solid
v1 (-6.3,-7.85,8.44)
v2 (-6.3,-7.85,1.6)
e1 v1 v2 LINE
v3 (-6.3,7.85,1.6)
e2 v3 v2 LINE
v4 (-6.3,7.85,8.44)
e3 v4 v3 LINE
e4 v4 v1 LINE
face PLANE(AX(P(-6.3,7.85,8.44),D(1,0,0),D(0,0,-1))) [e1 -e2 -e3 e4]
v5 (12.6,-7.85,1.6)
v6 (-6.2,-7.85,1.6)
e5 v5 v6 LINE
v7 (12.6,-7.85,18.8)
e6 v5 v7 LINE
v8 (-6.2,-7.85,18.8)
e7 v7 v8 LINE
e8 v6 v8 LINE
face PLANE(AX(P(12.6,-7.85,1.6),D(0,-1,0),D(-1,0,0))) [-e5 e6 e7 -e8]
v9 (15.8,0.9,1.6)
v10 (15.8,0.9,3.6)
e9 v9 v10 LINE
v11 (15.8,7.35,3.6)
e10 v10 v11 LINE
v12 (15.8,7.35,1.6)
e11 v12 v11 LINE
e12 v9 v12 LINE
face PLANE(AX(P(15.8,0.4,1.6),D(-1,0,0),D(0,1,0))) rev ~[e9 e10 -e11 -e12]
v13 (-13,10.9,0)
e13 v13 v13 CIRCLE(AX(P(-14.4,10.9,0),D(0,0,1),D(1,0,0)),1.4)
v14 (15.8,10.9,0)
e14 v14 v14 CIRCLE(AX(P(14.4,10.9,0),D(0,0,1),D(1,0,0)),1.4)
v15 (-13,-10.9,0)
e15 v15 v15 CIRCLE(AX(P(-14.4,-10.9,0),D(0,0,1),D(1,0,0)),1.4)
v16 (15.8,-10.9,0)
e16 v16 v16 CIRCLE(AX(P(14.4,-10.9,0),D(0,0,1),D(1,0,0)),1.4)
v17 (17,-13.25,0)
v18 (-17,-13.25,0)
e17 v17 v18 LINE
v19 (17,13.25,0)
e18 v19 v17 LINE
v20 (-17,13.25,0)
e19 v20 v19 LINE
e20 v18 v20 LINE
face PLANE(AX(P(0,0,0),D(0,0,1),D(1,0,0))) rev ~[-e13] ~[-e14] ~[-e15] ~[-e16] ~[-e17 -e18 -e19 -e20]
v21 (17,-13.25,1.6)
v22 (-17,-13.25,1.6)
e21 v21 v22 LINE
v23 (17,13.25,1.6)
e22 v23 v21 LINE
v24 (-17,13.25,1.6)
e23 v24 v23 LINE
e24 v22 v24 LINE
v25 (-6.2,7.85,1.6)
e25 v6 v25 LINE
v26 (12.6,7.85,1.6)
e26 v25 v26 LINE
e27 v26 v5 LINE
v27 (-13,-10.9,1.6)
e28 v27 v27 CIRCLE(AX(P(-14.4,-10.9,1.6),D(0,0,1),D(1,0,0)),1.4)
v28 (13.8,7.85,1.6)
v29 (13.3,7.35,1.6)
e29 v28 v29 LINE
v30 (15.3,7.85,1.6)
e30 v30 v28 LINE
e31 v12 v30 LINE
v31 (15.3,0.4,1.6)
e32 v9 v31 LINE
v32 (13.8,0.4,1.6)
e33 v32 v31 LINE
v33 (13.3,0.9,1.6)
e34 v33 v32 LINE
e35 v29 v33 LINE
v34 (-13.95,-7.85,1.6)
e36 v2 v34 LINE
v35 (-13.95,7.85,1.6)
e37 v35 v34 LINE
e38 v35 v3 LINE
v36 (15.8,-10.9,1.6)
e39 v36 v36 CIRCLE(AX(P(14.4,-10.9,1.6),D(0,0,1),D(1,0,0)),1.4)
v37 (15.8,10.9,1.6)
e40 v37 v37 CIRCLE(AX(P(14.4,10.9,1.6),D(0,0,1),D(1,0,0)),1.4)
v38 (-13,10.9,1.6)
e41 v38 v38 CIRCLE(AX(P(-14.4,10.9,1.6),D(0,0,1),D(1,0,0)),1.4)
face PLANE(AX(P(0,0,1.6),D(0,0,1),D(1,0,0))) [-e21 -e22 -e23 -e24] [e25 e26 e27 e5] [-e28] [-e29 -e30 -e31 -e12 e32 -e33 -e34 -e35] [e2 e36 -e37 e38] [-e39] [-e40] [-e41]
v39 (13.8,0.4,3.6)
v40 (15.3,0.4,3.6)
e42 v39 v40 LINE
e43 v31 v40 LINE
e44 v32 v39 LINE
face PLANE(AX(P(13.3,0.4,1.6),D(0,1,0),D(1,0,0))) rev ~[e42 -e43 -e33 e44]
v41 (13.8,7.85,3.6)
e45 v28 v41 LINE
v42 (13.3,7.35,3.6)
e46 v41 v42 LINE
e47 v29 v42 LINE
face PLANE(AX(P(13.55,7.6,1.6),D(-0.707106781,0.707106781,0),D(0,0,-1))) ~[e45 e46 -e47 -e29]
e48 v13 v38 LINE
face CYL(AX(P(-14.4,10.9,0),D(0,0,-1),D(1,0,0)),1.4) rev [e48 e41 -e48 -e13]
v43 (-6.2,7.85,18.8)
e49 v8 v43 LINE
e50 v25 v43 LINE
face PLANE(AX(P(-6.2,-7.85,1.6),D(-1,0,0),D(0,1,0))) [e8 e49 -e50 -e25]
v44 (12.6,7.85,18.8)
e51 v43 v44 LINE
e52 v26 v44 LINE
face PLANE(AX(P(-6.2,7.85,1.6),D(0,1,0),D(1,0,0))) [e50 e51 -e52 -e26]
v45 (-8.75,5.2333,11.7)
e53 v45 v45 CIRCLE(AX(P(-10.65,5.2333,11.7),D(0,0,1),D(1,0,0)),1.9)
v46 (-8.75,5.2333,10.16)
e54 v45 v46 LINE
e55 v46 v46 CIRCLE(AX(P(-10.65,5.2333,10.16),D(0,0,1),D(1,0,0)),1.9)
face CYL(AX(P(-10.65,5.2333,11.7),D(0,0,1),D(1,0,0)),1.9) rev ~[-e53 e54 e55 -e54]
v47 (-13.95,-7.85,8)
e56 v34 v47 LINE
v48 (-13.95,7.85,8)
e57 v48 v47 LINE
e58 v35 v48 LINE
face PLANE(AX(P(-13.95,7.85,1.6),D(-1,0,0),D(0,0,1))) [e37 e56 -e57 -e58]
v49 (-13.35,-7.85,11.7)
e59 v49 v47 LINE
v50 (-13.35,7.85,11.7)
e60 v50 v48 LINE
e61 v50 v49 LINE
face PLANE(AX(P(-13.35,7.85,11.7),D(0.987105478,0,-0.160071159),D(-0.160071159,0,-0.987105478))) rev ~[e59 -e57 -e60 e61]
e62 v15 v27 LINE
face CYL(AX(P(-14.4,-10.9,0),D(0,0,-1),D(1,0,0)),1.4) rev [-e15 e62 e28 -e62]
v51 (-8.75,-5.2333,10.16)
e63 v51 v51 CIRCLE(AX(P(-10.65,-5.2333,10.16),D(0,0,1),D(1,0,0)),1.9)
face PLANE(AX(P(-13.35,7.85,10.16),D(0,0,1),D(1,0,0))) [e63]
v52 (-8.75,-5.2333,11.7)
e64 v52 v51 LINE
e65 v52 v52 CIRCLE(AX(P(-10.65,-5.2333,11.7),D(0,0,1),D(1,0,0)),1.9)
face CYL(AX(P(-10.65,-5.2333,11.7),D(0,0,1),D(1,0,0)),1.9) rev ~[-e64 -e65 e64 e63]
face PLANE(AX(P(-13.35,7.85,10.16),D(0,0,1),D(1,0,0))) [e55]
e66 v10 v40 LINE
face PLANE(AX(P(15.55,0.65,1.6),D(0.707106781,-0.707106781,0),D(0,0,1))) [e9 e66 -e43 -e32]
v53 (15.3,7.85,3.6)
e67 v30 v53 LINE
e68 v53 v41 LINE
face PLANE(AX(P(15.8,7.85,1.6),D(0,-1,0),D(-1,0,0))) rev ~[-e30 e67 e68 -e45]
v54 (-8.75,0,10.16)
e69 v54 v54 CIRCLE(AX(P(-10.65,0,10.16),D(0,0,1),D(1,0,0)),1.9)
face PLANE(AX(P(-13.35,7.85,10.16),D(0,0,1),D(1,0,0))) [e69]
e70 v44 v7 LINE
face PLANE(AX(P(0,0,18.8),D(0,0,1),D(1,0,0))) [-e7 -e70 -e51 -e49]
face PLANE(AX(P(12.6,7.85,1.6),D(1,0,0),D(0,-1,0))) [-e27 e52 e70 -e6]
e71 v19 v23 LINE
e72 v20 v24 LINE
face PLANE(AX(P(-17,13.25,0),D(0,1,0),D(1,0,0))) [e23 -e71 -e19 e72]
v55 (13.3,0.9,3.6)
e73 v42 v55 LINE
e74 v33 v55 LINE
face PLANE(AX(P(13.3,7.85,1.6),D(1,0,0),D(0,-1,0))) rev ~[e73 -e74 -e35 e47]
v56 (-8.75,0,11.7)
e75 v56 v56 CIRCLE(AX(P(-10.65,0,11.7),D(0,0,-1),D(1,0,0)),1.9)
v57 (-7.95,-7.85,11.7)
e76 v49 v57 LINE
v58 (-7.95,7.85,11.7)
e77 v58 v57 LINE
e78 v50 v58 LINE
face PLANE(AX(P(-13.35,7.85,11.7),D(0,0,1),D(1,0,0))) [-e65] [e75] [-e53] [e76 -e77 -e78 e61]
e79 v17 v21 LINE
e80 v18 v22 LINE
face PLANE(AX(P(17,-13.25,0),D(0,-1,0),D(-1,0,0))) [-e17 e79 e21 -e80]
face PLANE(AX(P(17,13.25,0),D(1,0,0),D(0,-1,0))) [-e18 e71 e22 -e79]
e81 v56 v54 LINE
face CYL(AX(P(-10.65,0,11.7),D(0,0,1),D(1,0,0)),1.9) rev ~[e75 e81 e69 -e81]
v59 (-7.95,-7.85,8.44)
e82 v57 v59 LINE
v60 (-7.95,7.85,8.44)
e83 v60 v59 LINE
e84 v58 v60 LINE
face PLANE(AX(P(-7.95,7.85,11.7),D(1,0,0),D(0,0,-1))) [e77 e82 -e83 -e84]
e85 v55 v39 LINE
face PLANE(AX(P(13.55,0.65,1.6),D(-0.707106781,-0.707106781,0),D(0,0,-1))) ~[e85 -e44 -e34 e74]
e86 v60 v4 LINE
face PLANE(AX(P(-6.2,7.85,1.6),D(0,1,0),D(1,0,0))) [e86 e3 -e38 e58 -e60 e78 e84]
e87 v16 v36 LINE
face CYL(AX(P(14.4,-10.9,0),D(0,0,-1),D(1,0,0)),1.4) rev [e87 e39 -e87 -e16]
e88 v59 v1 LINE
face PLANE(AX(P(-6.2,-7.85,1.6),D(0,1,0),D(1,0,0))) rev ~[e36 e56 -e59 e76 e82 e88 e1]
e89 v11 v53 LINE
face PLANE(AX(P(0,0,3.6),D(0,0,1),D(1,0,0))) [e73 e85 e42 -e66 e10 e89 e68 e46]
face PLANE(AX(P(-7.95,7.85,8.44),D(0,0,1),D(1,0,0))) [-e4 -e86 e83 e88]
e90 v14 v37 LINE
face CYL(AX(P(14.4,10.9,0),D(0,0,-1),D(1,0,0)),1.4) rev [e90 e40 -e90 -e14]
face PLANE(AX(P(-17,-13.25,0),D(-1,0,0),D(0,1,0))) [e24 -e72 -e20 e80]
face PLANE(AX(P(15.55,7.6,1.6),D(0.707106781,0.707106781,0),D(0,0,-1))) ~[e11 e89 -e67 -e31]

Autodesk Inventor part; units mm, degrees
ref_plane "YZ Plane" through (0, 0, 0) normal (1, 0, 0) x (0, 1, 0)
ref_plane "XZ Plane" through (0, 0, 0) normal (0, 1, 0) x (-1, 0, 0)
ref_plane "XY Plane" through (0, 0, 0) normal (0, 0, 1) x (1, 0, 0)
sketch "스케치1" plane through (0, 0, 0) normal (0, 0, 1) x (1, 0, 0)
  line L0 (-17, 13.25) -> (17, 13.25)
  line L1 (17, 13.25) -> (17, -13.25)
  line L2 (17, -13.25) -> (-17, -13.25)
  line L3 (-17, -13.25) -> (-17, 13.25)
  line L4 (-17, 13.25) -> (17, -13.25) construction
  line L5 (17, 13.25) -> (-17, -13.25) construction
  circle A0 centre (14.4, 10.9) radius 1.4
  line L6 (0, 0) -> (4.1971, 0)
  line L7 (0, 0) -> (0, 5.4603)
  circle A1 centre (-14.4, 10.9) radius 1.4
  circle A2 centre (14.4, -10.9) radius 1.4
  circle A3 centre (-14.4, -10.9) radius 1.4
  dimension "d0" = 34
  dimension "d1" = 26.5
  dimension "d2" = 28.8
  dimension "d3" = 2.8
  dimension "d4" = 21.8
extrude "돌출1" add sketch "스케치1" along normal blind 1.6
sketch "스케치2" plane through (0, 0, 1.6) normal (0, 0, 1) x (1, 0, 0)
  line L0 (12.6, -7.85) -> (-6.2, -7.85)
  line L1 (-6.2, -7.85) -> (-6.2, 7.85)
  line L2 (-6.2, 7.85) -> (12.6, 7.85)
  line L3 (12.6, 7.85) -> (12.6, -7.85)
  line L4 (12.6, -7.85) -> (-6.2, 7.85) construction
  line L5 (-6.2, -7.85) -> (12.6, 7.85) construction
  line L6 (17, -13.25) -> (17, 13.25) projected
  point P0 (0, 0)
  point P1 (3.2, 0)
  dimension "d7" = 15.7
  dimension "d8" = 18.8
  dimension "d9" = 4.4
extrude "돌출2" add sketch "스케치2" along normal blind 17.2
sketch "스케치3" plane through (-6.2, 7.85, 1.6) normal (0, 1, 0) x (1, 0, 0)
  line L0 (0, 0) -> (18.8, 0) projected
  line L1 (0, 0) -> (-1.75, 0)
  line L2 (-1.75, 0) -> (-1.75, -6.84)
  line L3 (-1.75, -6.84) -> (0, -6.84)
  line L4 (0, -6.84) -> (0, 0)
  line L5 (-1.75, 0) -> (-7.75, 0)
  line L6 (-7.75, 0) -> (-7.75, -10.1)
  line L7 (-7.75, -10.1) -> (-1.75, -10.1)
  line L8 (-1.75, -10.1) -> (-1.75, 0)
  line L9 (-7.15, -10.1) -> (-7.75, -6.4)
  line L10 (-0.1, -6.84) -> (-0.1, 0)
  line L11 (23.2, 0) -> (-10.8, 0) projected
  point P0 (6.2, 1.6)
  point P1 (-1.75, -6.84)
  dimension "d12" = 1.75
  dimension "d13" = 6.84
  dimension "d14" = 6
  dimension "d15" = 10.1
  dimension "d16" = 0.6
  dimension "d17" = 3.7
  dimension "d20" = 0.1
extrude "돌출3" add sketch "스케치3" against normal blind 15.7 contours L10 L3 L2 L1 | L2 L8 L7 L9 L6 L5
sketch "스케치4" plane through (-13.35, 7.85, 11.7) normal (0, 0, 1) x (1, 0, 0)
  line L0 (0, 0) -> (5.4, 0) projected
  line L1 (0, 0) -> (0, -15.7) projected
  line L2 (5.4, -15.7) -> (0, -15.7) projected
  line L3 (5.4, 0) -> (5.4, -15.7) projected
  line L4 (5.4, 0) -> (5.4, -15.7) projected
  line L5 (5.4, -7.85) -> (0, -7.85)
  circle A0 centre (2.7, -7.85) radius 1.9
  circle A1 centre (2.7, -13.0833) radius 1.9
  circle A2 centre (2.7, -2.6167) radius 1.9
  circle A3 centre (2.7, -7.85) radius 1.9
  point P0 (13.35, -7.85)
  dimension "d21" = 3.8
  dimension "d24" = 5.2333
  dimension "d27" = 5.2333
extrude "돌출4" cut sketch "스케치4" against normal blind 1.54 contours A0 L5 | L5 A0 | A1 | A2
sketch "스케치5" plane through (0, 0, 1.6) normal (0, 0, 1) x (1, 0, 0)
  line L0 (15.8, 7.85) -> (13.3, 7.85)
  line L1 (13.3, 7.85) -> (13.3, 0.4)
  line L2 (13.3, 0.4) -> (15.8, 0.4)
  line L3 (15.8, 0.4) -> (15.8, 7.85)
  line L4 (17, -13.25) -> (17, 13.25) projected
  point P0 (0, 0)
  dimension "d32" = 2.5
  dimension "d33" = 7.45
  dimension "d34" = 1.2
extrude "돌출5" add sketch "스케치5" along normal blind 2
chamfer "모따기1" distance 0.5 angle 45 4 edges at (15.8, 7.85, 2.6) (15.8, 0.4, 2.6) (13.3, 7.85, 2.6) (13.3, 0.4, 2.6)
properties part number "릴레이모듈"
